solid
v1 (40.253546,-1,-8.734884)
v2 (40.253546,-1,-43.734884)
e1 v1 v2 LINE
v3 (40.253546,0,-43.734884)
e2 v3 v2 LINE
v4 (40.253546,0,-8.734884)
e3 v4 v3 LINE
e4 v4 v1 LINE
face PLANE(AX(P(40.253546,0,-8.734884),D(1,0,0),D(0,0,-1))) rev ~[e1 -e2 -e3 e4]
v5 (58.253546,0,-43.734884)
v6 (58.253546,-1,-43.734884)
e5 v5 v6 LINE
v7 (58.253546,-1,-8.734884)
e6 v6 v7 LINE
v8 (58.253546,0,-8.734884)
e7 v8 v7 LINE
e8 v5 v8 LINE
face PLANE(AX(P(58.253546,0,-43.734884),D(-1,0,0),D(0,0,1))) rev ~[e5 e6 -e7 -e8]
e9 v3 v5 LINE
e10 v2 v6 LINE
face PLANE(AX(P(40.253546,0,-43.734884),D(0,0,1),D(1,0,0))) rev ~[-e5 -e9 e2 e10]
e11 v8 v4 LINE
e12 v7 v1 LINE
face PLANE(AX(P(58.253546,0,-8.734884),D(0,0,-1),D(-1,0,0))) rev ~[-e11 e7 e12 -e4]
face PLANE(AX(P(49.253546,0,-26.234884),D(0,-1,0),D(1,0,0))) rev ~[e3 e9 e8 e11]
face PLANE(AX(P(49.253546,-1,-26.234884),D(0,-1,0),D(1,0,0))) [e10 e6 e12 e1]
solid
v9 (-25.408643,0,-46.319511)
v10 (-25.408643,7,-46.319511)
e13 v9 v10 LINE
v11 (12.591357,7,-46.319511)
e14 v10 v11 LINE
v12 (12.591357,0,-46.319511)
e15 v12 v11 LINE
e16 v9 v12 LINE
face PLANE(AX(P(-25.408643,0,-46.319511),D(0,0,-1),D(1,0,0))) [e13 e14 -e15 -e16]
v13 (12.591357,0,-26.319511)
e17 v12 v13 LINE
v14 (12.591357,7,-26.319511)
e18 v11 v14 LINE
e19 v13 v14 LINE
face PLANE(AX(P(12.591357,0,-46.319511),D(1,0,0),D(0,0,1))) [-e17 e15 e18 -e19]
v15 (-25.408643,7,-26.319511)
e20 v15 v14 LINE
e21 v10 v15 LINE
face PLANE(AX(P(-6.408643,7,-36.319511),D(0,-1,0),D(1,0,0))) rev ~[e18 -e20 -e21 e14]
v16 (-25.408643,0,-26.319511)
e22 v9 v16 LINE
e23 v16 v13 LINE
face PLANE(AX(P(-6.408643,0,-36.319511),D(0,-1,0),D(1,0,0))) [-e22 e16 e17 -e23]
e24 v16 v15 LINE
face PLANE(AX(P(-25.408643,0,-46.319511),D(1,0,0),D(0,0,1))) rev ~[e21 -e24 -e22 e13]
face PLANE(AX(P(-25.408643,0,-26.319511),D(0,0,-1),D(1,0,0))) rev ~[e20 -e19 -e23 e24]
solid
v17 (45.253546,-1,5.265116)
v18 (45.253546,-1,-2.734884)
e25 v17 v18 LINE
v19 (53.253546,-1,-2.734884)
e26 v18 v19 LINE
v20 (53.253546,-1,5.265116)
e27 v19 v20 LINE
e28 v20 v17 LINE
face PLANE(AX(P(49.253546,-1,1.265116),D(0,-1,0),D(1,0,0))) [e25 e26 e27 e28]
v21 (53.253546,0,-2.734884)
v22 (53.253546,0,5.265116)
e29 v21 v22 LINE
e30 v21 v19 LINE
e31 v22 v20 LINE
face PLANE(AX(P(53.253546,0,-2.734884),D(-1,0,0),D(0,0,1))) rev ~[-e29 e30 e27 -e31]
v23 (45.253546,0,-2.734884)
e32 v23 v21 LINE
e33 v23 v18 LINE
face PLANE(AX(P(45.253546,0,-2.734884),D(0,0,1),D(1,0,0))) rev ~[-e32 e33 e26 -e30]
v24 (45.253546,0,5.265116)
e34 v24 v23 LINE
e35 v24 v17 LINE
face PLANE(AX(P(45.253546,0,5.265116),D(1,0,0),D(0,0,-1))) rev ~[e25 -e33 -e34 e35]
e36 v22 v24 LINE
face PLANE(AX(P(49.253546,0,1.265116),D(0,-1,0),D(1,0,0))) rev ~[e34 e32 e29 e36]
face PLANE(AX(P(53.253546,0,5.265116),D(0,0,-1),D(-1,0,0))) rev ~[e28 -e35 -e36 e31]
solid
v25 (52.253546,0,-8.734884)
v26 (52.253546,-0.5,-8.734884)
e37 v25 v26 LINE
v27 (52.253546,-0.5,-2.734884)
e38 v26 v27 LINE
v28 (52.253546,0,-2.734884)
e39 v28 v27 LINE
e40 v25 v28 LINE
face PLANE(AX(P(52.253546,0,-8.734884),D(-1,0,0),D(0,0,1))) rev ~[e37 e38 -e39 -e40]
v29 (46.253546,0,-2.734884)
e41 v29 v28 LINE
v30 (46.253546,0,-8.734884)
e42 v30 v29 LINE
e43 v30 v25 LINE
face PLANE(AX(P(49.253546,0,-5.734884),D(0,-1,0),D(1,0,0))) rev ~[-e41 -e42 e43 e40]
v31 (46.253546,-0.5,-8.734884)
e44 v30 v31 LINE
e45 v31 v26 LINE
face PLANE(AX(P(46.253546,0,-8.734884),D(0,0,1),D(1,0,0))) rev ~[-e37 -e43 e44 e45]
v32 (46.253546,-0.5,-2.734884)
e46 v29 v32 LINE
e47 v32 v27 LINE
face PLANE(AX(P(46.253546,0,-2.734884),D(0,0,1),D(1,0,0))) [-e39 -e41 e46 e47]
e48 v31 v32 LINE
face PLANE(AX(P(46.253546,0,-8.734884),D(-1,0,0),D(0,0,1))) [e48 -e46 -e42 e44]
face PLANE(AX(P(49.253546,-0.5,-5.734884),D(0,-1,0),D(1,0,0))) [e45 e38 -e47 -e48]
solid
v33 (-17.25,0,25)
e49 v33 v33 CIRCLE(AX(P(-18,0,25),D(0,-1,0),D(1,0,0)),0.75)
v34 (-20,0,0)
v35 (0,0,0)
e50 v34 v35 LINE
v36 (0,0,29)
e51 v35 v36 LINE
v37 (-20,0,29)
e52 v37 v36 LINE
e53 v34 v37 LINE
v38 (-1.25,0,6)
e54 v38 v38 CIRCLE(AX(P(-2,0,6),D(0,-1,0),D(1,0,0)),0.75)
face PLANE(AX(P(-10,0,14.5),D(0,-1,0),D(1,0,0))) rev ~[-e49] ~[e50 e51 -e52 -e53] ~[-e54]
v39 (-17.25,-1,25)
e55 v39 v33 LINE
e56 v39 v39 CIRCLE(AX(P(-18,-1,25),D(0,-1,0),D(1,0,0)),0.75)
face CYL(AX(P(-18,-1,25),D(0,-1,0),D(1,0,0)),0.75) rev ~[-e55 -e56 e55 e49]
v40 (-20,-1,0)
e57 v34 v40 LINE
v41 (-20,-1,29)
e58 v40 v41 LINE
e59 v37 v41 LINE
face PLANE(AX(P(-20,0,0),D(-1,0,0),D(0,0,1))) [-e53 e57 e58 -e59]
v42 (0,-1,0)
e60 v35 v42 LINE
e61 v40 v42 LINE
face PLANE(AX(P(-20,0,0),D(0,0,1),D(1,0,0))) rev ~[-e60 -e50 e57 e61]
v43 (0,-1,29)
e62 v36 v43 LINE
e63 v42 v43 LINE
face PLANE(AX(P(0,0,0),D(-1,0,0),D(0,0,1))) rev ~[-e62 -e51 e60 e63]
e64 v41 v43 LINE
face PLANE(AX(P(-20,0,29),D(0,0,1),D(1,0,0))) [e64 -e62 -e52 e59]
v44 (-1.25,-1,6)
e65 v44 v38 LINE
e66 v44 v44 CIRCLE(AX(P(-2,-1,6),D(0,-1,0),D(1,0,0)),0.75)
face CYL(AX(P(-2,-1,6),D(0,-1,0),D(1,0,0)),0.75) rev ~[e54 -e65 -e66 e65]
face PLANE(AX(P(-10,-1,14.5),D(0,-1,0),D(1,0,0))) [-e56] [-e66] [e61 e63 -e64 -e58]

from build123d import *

# Parameters (mm, degrees)
F0_W     = 20
F0_H     = 29
F1_DEPTH = 1
F2_R     = 0.75
F3_DEPTH = 25
F5_DEPTH = 1
F4_W     = 6
F4_H     = 6
F6_DEPTH = 0.5
F7_W     = 38
F7_H     = 20
F8_DEPTH = 7


with BuildPart() as f1:
    # F0 (on Front) → F1 (new body)
    with BuildSketch(Plane.XZ):
        with Locations((-10, 14.5)):
            Rectangle(F0_W, F0_H)
    extrude(amount=F1_DEPTH)

    # F2 (on face) → F3 (cut)
    with BuildSketch(Plane.XZ.offset(1)):
        with Locations((-2, 6)):
            Circle(F2_R)
        with Locations((-18, 25)):
            Circle(F2_R)
    extrude(amount=-F3_DEPTH, mode=Mode.SUBTRACT)


with BuildPart() as f5:
    # F4 (on Front) → F5 (new body)
    with BuildSketch(Plane.XZ):
        Polygon((40.253546, -43.734884), (58.253546, -43.734884), (58.253546, -8.734884), (52.253546, -8.734884), (46.253546, -8.734884), (40.253546, -8.734884), align=None)
        Polygon((46.253546, -2.734884), (52.253546, -2.734884), (53.253546, -2.734884), (53.253546, 5.265116), (45.253546, 5.265116), (45.253546, -2.734884), align=None)
    extrude(amount=F5_DEPTH)


with BuildPart() as f6:
    # F4 (on Front) → F6 (new body)
    with BuildSketch(Plane.XZ):
        with Locations((49.253546, -5.734884)):
            Rectangle(F4_W, F4_H)
    extrude(amount=F6_DEPTH)


with BuildPart() as f8:
    # F7 (on Front) → F8 (new body)
    with BuildSketch(Plane.XZ):
        with Locations((-6.408643, -36.319511)):
            Rectangle(F7_W, F7_H)
    extrude(amount=-F8_DEPTH)


solid = Compound([f1.part, f5.part, f6.part, f8.part])
